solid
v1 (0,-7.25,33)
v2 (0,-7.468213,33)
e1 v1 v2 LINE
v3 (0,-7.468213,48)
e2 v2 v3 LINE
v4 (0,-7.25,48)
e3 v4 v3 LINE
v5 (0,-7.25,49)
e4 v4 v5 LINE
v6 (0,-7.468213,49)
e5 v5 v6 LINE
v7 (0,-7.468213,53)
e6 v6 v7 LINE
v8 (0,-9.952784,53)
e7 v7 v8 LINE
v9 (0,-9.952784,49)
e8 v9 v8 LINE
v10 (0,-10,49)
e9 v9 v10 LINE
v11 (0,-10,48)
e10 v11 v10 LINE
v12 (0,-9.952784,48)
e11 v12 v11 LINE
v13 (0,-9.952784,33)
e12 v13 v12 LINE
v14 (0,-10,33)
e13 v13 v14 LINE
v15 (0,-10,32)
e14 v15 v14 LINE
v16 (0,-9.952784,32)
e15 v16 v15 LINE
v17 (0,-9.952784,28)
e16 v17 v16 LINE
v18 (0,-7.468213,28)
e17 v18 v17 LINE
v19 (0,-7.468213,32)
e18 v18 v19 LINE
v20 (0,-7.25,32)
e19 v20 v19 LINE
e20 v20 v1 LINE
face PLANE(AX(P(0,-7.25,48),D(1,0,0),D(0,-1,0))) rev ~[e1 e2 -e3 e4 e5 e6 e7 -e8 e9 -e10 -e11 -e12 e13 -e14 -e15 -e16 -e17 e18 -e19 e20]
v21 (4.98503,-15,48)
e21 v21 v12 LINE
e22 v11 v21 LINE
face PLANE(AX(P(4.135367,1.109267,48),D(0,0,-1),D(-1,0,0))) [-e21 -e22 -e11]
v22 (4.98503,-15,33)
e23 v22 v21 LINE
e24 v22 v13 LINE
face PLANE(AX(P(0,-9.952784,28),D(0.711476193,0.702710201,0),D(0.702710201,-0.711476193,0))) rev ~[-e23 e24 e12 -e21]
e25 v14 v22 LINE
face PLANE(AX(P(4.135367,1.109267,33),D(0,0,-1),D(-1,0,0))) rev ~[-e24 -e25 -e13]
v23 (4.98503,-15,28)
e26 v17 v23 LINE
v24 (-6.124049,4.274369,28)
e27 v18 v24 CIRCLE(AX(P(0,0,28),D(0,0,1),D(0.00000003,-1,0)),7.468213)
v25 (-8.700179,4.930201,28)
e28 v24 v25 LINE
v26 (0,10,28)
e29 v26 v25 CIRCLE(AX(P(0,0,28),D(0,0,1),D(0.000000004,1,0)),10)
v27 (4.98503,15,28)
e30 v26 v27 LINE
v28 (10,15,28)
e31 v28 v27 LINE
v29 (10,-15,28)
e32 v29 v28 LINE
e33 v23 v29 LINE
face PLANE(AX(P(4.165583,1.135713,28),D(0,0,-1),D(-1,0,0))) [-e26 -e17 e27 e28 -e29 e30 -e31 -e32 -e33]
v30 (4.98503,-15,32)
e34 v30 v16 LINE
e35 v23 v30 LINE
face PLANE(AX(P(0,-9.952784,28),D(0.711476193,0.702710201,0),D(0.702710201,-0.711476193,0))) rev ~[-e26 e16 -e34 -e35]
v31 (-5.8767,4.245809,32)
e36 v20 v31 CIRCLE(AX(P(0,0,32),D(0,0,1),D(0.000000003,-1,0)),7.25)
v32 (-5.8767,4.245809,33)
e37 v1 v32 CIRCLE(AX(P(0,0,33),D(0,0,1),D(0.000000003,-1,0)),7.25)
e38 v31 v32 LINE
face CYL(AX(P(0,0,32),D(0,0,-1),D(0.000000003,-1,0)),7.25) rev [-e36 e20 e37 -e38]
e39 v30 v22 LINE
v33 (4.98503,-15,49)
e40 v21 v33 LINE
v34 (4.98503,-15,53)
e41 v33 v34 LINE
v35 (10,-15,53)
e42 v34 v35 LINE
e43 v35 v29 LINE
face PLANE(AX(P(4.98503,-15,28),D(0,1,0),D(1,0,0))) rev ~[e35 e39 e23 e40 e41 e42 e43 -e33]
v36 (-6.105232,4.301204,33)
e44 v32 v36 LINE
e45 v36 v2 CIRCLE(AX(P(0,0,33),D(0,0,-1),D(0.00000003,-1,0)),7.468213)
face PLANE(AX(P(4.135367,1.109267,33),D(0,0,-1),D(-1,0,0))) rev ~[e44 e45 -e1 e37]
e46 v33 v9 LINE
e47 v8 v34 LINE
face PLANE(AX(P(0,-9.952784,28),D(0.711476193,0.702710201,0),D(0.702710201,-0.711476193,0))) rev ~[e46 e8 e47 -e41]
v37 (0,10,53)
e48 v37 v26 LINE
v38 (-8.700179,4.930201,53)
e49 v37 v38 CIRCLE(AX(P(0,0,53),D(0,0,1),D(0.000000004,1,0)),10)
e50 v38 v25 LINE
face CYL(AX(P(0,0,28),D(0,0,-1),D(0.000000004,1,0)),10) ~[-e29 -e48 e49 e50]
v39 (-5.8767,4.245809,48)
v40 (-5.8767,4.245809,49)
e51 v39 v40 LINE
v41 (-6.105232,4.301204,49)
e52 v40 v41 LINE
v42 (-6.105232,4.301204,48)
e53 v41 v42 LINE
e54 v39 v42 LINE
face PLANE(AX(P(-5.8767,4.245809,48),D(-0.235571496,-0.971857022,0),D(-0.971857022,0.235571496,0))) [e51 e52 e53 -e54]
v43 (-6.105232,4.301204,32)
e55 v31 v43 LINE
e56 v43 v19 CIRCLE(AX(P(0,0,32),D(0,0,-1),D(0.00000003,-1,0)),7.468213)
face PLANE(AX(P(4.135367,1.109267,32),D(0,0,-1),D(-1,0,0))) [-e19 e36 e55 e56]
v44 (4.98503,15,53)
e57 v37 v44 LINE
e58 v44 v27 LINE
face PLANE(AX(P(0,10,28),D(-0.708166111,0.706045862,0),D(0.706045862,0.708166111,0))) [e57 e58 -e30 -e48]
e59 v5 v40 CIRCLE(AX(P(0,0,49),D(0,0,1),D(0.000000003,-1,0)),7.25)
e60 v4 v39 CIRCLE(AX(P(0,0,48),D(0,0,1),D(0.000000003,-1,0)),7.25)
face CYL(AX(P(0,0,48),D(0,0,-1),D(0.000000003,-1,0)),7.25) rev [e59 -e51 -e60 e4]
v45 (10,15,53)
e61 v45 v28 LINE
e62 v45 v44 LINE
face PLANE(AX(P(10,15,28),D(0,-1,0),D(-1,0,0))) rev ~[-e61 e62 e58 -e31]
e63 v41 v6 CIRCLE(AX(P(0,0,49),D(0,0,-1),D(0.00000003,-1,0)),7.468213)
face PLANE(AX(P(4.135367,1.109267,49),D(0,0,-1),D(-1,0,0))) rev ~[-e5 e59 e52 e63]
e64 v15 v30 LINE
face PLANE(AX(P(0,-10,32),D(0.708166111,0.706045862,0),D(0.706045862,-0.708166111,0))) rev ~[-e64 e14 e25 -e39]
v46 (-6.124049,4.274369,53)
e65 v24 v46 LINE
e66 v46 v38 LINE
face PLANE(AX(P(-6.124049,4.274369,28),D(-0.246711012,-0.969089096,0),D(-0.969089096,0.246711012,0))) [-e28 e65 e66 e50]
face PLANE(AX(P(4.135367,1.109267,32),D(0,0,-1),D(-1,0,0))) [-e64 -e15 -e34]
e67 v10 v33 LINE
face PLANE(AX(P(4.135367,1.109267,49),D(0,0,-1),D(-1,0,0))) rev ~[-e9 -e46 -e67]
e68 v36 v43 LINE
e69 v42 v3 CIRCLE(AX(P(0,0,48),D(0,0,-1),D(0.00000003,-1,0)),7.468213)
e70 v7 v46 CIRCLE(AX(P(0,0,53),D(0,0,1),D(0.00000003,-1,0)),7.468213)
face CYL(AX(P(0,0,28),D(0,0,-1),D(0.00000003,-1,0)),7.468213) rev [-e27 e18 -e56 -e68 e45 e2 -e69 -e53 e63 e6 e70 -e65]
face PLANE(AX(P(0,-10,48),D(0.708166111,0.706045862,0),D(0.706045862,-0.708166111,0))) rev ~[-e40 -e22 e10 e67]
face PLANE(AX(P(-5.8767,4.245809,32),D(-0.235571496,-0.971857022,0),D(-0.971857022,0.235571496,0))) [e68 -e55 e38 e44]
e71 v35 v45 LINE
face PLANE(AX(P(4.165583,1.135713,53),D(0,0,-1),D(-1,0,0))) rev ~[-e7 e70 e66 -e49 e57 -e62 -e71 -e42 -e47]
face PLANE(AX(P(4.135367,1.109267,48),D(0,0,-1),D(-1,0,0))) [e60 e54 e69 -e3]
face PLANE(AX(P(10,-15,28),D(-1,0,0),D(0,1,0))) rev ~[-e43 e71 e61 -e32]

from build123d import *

# Parameters (mm, degrees)
PAD003_DEPTH = 1
PAD004_DEPTH = 1
PAD_DEPTH    = 25


with BuildPart() as pad003:
    # Sketch001 → Pad003 (new body)
    with BuildSketch(Plane.XY.offset(32)):
        with BuildLine():
            Line((-5.8767, 4.245809), (-8.700179, 4.930201))
            ThreePointArc((0, 10), (-5.034779, 8.640081), (-8.700179, 4.930201))
            Line((0, 10), (4.98503, 15))
            Line((10, 15), (4.98503, 15))
            Line((10, -15), (10, 15))
            Line((4.98503, -15), (10, -15))
            Line((0, -10), (4.98503, -15))
            Line((0, -7.25), (0, -10))
            ThreePointArc((0, -7.25), (6.455409, 3.300029), (-5.8767, 4.245809))
        make_face()
    extrude(amount=PAD003_DEPTH)


with BuildPart() as pad004:
    # Sketch002 → Pad004 (new body)
    with BuildSketch(Plane.XY.offset(48)):
        with BuildLine():
            Line((-5.8767, 4.245809), (-8.700179, 4.930201))
            ThreePointArc((0, 10), (-5.034779, 8.640081), (-8.700179, 4.930201))
            Line((0, 10), (4.98503, 15))
            Line((10, 15), (4.98503, 15))
            Line((10, -15), (10, 15))
            Line((4.98503, -15), (10, -15))
            Line((0, -10), (4.98503, -15))
            Line((0, -7.25), (0, -10))
            ThreePointArc((0, -7.25), (6.455409, 3.300029), (-5.8767, 4.245809))
        make_face()
    extrude(amount=PAD004_DEPTH)


with BuildPart() as bearinglodge:
    # Sketch → Pad (new body)
    with BuildSketch(Plane.XY.offset(28)):
        with BuildLine():
            Line((-6.124049, 4.274369), (-8.700179, 4.930201))
            ThreePointArc((0, 10), (-5.034779, 8.640081), (-8.700179, 4.930201))
            Line((0, 10), (4.98503, 15))
            Line((10, 15), (4.98503, 15))
            Line((10, -15), (10, 15))
            Line((4.98503, -15), (10, -15))
            Line((0, -9.952784), (4.98503, -15))
            Line((0, -7.468213), (0, -9.952784))
            ThreePointArc((0, -7.468213), (6.621786, 3.453426), (-6.124049, 4.274369))
        make_face()
    extrude(amount=PAD_DEPTH)

    # Fusion: union Pad003, Pad004
    add(pad003.part)
    add(pad004.part)


solid = bearinglodge.part
